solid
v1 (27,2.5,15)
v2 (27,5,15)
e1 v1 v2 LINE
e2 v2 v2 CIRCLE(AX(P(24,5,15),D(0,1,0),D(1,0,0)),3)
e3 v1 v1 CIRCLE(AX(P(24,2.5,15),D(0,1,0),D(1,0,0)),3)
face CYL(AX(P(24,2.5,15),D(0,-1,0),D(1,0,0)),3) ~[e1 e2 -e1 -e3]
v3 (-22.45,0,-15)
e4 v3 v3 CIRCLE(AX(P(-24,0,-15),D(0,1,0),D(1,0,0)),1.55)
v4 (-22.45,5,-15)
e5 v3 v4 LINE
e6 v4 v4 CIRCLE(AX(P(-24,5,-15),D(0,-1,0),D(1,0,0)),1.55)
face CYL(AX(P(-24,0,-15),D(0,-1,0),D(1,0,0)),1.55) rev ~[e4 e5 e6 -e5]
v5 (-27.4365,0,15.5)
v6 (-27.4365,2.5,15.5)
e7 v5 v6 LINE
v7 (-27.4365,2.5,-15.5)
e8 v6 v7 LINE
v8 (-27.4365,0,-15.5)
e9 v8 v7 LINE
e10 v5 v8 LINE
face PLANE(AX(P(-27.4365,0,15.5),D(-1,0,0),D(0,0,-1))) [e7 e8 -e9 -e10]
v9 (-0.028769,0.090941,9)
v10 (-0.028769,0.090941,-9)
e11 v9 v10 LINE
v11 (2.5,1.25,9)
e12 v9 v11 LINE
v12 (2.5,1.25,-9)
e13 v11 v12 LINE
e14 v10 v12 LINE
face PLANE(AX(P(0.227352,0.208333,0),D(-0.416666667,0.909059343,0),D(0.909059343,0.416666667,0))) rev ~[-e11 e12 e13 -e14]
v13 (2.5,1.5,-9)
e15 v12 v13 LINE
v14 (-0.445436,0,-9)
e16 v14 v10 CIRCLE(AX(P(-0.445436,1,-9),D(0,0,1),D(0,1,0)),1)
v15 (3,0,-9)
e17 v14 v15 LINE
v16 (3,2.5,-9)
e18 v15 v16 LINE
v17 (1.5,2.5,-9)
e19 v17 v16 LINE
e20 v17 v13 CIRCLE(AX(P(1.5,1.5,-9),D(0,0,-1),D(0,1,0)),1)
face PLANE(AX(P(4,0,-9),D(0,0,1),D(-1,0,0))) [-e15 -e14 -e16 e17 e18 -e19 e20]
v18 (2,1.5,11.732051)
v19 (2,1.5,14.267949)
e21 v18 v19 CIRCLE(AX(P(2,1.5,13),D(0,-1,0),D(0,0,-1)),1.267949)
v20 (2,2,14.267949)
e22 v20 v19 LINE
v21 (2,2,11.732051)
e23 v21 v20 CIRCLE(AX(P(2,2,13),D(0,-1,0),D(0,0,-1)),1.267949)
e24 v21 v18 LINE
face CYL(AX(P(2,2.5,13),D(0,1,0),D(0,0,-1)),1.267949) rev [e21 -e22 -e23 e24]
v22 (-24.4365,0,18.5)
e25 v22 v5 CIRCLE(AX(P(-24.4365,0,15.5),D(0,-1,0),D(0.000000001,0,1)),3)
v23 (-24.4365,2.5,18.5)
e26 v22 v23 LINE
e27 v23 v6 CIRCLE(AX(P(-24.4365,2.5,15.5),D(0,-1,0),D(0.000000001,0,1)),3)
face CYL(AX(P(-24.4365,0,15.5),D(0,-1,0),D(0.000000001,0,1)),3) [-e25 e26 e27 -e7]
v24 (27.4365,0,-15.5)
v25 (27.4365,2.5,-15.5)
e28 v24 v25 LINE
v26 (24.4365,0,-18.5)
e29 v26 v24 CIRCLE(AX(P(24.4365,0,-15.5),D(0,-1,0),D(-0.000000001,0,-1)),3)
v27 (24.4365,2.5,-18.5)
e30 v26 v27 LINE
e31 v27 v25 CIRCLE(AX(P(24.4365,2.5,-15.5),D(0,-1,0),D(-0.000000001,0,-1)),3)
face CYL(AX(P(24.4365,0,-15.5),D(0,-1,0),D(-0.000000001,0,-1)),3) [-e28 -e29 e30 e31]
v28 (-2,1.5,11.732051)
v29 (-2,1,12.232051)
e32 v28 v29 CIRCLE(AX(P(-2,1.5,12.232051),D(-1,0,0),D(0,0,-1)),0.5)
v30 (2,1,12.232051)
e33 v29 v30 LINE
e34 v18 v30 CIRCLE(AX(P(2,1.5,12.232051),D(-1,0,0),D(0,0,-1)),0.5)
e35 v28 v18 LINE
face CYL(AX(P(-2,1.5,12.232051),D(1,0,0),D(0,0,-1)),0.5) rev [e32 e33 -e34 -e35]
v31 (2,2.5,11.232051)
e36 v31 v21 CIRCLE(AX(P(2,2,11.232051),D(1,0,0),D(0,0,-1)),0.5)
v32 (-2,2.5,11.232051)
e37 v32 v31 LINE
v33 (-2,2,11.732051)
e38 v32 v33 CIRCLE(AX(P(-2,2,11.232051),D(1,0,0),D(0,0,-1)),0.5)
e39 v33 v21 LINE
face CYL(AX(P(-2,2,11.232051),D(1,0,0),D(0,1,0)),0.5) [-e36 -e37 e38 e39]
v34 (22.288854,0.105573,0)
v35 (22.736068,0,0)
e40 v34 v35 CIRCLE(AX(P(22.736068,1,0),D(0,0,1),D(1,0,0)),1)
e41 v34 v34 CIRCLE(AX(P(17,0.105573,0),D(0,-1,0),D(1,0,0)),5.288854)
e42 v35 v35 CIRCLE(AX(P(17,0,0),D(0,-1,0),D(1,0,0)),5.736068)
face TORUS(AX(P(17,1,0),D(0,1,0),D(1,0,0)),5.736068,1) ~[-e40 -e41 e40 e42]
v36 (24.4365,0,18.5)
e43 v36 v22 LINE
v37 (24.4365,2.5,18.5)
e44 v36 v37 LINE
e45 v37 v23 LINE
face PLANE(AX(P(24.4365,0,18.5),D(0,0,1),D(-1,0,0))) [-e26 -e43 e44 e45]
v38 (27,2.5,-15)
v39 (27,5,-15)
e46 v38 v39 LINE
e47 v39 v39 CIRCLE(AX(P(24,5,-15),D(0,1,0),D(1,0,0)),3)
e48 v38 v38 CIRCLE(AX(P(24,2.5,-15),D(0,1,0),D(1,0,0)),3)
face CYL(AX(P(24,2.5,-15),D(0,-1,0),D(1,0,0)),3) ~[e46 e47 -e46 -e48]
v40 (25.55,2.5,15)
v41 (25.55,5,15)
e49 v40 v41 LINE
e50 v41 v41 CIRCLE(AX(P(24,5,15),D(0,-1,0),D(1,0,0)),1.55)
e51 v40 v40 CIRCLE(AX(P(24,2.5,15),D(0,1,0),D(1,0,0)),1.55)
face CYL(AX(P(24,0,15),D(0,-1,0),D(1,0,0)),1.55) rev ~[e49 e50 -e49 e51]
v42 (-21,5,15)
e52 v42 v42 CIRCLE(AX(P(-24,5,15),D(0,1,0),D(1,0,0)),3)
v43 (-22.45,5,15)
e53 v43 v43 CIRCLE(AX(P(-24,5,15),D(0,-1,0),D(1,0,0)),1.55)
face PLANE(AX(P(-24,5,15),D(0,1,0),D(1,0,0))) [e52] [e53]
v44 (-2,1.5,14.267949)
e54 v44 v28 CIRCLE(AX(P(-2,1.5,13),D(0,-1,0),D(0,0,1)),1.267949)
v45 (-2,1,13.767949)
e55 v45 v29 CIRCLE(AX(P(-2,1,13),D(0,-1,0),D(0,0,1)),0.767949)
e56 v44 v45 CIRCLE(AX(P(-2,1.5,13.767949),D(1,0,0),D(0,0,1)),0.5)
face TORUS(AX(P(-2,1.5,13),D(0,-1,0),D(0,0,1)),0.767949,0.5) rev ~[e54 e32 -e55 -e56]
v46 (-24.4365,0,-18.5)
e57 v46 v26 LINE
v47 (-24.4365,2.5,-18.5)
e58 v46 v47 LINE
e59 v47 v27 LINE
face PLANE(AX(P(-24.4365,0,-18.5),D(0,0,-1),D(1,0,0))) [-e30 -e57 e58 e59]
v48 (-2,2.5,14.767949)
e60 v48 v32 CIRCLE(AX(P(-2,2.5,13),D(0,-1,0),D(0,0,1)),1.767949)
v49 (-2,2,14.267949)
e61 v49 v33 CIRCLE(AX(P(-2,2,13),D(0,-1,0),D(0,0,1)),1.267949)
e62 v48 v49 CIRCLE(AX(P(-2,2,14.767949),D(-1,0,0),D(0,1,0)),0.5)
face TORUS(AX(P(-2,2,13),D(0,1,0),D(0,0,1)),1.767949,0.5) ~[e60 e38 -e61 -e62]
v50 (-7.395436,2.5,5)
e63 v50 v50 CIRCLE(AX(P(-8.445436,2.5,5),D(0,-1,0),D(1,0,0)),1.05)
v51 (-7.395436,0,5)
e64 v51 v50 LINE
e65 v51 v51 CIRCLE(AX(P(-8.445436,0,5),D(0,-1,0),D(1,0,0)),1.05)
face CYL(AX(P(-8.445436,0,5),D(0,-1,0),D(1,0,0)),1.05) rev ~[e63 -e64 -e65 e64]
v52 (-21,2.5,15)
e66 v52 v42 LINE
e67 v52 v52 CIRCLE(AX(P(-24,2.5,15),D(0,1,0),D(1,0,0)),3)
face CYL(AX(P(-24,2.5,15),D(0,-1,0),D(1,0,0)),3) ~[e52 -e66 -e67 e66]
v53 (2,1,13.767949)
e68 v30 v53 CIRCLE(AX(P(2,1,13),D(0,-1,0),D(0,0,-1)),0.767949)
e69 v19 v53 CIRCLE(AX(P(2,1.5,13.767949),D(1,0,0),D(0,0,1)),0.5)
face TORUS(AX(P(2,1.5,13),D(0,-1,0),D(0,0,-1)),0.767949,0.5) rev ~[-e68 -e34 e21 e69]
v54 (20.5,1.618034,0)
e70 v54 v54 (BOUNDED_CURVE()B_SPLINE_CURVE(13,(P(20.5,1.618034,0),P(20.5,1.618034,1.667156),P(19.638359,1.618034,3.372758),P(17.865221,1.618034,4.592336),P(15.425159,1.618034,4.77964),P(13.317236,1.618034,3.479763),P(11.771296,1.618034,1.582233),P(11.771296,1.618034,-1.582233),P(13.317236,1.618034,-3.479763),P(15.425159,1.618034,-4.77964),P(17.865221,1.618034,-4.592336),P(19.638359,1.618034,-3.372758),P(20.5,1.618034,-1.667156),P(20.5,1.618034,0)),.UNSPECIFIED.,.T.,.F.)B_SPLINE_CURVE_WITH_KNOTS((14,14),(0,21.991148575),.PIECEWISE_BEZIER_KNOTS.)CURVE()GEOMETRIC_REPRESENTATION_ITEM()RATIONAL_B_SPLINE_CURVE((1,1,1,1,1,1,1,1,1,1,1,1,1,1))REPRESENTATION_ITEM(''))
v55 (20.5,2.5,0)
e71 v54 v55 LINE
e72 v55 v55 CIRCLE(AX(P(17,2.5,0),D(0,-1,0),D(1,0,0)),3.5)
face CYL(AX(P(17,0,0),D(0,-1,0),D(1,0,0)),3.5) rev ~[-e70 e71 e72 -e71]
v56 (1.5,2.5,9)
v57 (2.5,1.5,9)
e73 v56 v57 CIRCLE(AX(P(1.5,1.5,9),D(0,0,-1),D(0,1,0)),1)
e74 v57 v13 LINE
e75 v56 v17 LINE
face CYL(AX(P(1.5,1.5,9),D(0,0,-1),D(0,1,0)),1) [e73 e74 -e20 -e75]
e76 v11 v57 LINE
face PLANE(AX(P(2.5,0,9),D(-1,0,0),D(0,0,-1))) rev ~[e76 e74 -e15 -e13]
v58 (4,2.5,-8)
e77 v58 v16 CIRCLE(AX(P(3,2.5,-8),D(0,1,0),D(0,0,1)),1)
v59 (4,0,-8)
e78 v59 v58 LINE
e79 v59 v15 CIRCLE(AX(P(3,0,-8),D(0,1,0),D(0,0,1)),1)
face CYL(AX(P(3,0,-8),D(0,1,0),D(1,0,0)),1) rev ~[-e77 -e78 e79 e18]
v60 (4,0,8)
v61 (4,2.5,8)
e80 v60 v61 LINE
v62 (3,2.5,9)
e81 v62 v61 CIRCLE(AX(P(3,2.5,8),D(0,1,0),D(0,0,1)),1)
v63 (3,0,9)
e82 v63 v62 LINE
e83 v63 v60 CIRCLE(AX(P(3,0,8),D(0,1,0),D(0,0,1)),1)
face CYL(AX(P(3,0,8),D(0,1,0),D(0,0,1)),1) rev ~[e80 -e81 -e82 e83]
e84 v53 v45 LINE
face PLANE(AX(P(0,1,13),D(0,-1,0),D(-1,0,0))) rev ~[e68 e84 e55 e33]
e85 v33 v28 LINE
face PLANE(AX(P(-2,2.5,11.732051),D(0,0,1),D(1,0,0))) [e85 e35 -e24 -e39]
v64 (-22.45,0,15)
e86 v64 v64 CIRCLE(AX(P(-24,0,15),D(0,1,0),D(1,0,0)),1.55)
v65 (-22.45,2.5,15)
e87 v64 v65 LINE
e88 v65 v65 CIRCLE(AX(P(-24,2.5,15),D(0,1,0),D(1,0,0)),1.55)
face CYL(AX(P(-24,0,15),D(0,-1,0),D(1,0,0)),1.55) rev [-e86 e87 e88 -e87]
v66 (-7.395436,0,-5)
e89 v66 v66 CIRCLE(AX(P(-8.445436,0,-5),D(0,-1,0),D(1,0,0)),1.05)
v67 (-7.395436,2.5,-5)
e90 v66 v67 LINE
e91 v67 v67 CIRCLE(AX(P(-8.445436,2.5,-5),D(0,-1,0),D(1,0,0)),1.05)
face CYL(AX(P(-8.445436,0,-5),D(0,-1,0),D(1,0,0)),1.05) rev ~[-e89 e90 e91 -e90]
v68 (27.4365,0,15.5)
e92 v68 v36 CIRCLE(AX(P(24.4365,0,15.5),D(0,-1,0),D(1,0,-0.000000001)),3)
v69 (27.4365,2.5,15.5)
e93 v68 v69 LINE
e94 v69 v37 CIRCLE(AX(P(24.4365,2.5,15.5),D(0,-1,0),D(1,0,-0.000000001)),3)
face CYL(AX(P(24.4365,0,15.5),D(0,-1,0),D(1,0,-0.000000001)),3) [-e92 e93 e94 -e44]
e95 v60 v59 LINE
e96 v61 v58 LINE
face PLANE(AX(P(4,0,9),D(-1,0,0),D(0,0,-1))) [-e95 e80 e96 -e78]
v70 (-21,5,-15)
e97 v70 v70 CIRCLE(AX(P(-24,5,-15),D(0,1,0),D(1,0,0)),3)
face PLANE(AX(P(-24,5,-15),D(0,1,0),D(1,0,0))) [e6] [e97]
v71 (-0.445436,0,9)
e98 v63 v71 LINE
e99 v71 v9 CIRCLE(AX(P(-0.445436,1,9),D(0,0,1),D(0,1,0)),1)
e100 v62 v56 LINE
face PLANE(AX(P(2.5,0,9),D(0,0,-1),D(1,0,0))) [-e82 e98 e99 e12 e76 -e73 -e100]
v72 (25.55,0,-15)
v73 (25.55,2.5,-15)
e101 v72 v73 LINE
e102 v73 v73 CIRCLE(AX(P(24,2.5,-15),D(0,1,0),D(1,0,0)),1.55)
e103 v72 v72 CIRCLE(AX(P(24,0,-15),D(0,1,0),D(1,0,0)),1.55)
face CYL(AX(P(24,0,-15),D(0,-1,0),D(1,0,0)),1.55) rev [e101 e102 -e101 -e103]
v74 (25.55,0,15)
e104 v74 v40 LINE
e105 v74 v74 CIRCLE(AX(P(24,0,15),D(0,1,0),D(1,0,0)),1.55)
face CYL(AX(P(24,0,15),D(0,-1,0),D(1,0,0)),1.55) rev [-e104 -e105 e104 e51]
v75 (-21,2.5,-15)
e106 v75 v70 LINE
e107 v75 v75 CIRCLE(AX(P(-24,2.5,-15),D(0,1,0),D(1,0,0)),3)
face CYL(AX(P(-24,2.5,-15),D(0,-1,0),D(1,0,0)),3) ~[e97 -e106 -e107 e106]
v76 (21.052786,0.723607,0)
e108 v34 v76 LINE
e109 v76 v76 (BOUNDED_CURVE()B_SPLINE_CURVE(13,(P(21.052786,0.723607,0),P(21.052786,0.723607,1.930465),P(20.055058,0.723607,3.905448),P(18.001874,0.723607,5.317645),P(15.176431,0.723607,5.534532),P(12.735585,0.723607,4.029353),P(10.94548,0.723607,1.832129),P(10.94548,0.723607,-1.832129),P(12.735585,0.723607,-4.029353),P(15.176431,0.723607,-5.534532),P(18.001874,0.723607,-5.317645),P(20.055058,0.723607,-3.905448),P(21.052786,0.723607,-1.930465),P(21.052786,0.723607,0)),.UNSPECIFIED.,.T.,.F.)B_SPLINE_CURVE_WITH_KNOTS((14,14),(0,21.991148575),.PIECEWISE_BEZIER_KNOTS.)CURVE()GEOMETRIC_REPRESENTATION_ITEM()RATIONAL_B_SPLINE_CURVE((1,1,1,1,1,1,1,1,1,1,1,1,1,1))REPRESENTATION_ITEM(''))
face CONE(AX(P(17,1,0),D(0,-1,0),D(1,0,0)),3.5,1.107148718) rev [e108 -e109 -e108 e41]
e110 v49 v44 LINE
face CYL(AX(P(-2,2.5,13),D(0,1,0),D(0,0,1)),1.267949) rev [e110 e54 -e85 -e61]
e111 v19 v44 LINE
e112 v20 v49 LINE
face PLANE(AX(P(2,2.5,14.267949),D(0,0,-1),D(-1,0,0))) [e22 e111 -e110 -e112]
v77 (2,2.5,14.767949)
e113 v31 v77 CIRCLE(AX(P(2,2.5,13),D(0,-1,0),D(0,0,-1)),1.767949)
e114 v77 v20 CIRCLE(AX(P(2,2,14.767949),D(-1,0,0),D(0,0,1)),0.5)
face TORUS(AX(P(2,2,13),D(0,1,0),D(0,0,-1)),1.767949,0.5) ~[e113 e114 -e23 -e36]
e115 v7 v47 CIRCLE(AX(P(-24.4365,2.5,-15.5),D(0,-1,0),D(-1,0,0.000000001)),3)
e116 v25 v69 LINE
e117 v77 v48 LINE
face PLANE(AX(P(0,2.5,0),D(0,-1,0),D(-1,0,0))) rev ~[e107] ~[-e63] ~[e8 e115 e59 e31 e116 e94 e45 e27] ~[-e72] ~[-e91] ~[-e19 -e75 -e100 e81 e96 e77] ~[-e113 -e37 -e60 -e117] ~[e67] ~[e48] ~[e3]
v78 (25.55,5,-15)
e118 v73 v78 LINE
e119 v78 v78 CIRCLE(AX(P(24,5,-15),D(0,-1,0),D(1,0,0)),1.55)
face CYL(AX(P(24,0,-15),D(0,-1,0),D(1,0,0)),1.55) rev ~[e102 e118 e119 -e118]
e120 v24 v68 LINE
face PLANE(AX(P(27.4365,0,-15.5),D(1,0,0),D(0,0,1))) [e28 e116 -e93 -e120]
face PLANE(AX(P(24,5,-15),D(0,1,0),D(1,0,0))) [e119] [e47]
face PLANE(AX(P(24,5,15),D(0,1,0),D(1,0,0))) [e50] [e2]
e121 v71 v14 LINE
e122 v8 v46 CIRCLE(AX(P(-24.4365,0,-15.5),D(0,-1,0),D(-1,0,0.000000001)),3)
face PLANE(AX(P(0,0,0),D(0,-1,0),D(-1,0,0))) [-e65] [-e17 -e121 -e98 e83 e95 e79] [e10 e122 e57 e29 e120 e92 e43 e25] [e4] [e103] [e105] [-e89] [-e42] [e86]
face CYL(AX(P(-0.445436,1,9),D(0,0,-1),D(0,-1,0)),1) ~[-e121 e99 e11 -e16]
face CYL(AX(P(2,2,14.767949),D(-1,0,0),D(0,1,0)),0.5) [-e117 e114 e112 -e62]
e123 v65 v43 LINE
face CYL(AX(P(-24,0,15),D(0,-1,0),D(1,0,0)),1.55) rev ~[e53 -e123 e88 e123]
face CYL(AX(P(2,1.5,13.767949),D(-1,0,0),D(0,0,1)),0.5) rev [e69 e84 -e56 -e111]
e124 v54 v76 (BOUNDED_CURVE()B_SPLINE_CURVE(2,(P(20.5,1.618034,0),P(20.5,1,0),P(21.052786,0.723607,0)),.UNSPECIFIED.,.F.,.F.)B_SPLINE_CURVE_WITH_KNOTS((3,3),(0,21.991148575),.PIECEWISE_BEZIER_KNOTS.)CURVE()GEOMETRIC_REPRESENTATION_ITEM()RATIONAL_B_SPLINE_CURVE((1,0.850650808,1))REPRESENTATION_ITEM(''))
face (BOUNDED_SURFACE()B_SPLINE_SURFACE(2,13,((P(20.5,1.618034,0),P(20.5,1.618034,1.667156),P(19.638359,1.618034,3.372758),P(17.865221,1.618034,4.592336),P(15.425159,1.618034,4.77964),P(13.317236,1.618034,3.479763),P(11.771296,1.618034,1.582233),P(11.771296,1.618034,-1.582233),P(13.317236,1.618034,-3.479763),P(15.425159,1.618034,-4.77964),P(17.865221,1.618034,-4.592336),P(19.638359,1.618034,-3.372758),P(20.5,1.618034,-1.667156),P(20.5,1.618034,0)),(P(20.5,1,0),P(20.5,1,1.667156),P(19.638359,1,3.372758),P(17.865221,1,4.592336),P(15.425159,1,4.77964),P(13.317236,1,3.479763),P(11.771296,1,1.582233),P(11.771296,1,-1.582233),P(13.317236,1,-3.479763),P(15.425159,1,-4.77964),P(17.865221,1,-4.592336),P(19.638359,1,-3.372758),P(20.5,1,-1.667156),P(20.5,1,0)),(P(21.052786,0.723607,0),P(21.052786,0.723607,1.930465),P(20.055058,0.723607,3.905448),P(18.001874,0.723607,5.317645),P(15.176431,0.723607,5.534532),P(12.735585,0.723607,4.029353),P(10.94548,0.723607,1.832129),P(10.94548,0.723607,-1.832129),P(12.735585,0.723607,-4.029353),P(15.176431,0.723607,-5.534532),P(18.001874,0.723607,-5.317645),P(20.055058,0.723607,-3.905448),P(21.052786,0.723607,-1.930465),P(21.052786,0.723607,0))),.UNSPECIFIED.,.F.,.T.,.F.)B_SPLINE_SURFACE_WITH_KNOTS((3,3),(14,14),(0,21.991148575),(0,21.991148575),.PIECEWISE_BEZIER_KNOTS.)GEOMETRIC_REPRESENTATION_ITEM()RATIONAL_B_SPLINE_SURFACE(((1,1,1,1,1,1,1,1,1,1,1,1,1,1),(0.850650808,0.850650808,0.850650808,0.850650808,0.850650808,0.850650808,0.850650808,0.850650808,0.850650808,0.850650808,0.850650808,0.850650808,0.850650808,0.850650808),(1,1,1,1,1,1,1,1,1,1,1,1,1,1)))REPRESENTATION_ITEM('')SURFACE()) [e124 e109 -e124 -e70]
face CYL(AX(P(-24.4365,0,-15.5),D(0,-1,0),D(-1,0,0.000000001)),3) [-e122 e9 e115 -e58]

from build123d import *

# Parameters (mm, degrees)
SKETCH_1_R           = 1.55
EXTRUDE_1_DEPTH      = 2.5
SKETCH_2_R           = 3
EXTRUDE_2_DEPTH      = 2.5
SKETCH_3_R           = 1.55
CUT_EXTRUDE_1_DEPTH  = 34.466573357
SKETCH_5_R           = 3.5
CUT_EXTRUDE_3_DEPTH  = 34.466573357
CUT_EXTRUDE_6_DEPTH  = 1.5
FILLET_4_R           = 0.5
CHAMFER_1_SIZE       = 2
CHAMFER_1_SIZE2      = 1
FILLET_5_R           = 1
CUT_EXTRUDE_7_DEPTH  = 34.466573357
SKETCH_20_W          = 5
SKETCH_20_H          = 18
CUT_EXTRUDE_10_DEPTH = 34.486179612
FILLET_9_R           = 1
SKETCH_23_R          = 1.05
CUT_EXTRUDE_11_DEPTH = 34.466573357
FILLET_10_R          = 1


with BuildPart() as part:
    # 草图1 → 凸台-拉伸1 (new body)
    with BuildSketch(Plane(origin=(0, 0, 0), x_dir=(1, 0, 0), z_dir=(0, 1, 0))):
        with BuildLine():
            Line((-27.4365, 0), (-27.4365, 15.5))
            ThreePointArc((-27.4365, 15.5), (-26.557820344, 17.621320344), (-24.4365, 18.5))
            Line((-24.4365, 18.5), (0, 18.5))
            Line((0, 18.5), (24.4365, 18.5))
            ThreePointArc((24.4365, 18.5), (26.557820344, 17.621320344), (27.4365, 15.5))
            Line((27.4365, 15.5), (27.4365, 0))
            Line((27.4365, 0), (27.4365, -15.5))
            ThreePointArc((27.4365, -15.5), (26.557820344, -17.621320344), (24.4365, -18.5))
            Line((24.4365, -18.5), (0, -18.5))
            Line((0, -18.5), (-24.4365, -18.5))
            ThreePointArc((-24.4365, -18.5), (-26.557820344, -17.621320344), (-27.4365, -15.5))
            Line((-27.4365, -15.5), (-27.4365, 0))
        make_face()
        with Locations((-24, 15)):
            Circle(SKETCH_1_R, mode=Mode.SUBTRACT)
        with Locations((24, 15)):
            Circle(SKETCH_1_R, mode=Mode.SUBTRACT)
        with Locations((24, -15)):
            Circle(SKETCH_1_R, mode=Mode.SUBTRACT)
        with Locations((-24, -15)):
            Circle(SKETCH_1_R, mode=Mode.SUBTRACT)
    extrude(amount=EXTRUDE_1_DEPTH)

    # 草图2 → 凸台-拉伸2 (add)
    with BuildSketch(Plane(origin=(0, 2.5, 0), x_dir=(1, 0, 0), z_dir=(0, 1, 0))):
        with Locations((-24, 15)):
            Circle(SKETCH_2_R)
        with Locations((24, 15)):
            Circle(SKETCH_2_R)
        with Locations((-24, -15)):
            Circle(SKETCH_2_R)
        with Locations((24, -15)):
            Circle(SKETCH_2_R)
    extrude(amount=EXTRUDE_2_DEPTH)

    # 草图3 → 切除-拉伸1 (cut, through all)
    with BuildSketch(Plane.XZ):
        with Locations((-24, 15)):
            Circle(SKETCH_3_R)
        with Locations((24, 15)):
            Circle(SKETCH_3_R)
        with Locations((-24, -15)):
            Circle(SKETCH_3_R)
        with Locations((24, -15)):
            Circle(SKETCH_3_R)
    extrude(amount=-CUT_EXTRUDE_1_DEPTH, mode=Mode.SUBTRACT)

    # 草图5 → 切除-拉伸3 (cut, through all)
    with BuildSketch(Plane.XZ):
        with Locations((17, 0)):
            Circle(SKETCH_5_R)
    extrude(amount=-CUT_EXTRUDE_3_DEPTH, mode=Mode.SUBTRACT)

    # 草图9 → 切除-拉伸6 (cut)
    with BuildSketch(Plane(origin=(0, 2.5, 0), x_dir=(1, 0, 0), z_dir=(0, 1, 0))):
        with BuildLine():
            Line((-2, -11.732050808), (2, -11.732050808))
            ThreePointArc((2, -11.732050808), (3.267949192, -13), (2, -14.267949192))
            Line((2, -14.267949192), (-2, -14.267949192))
            ThreePointArc((-2, -14.267949192), (-3.267949192, -13), (-2, -11.732050808))
        make_face()
    extrude(amount=-CUT_EXTRUDE_6_DEPTH, mode=Mode.SUBTRACT)

    # 圆角4
    fillet_4_edges = [part.edges().sort_by_distance(p)[0] for p in [
        (0, 1, 14.267949192),
        (-3.267949192, 1, 13),
        (0, 1, 11.732050808),
        (3.267949192, 1, 13),
        (3.267949192, 2.5, 13),
        (0, 2.5, 14.267949192),
        (-3.267949192, 2.5, 13),
        (0, 2.5, 11.732050808),
    ]]
    fillet(fillet_4_edges, radius=FILLET_4_R)

    # 倒角1
    chamfer_1_edges = [part.edges().sort_by_distance(p)[0] for p in [
        (13.5, 0, 0),
    ]]
    chamfer_1_side = [part.faces().sort_by_distance(p)[0] for p in [
        (-0.334836292, 0, 0),
    ]]
    chamfer(chamfer_1_edges, length=CHAMFER_1_SIZE, length2=CHAMFER_1_SIZE2, reference=chamfer_1_side[0])

    # 圆角5
    fillet_5_edges = [part.edges().sort_by_distance(p)[0] for p in [
        (13.5, 1, 0),
        (11.5, 0, 0),
    ]]
    fillet(fillet_5_edges, radius=FILLET_5_R)

    # 草图10 → 切除-拉伸7 (cut, through all)
    with BuildSketch(Plane.XZ):
        Polygon((2.5, 0), (2.5, 9), (4, 9), (4, -9), (2.5, -9), align=None)
    extrude(amount=-CUT_EXTRUDE_7_DEPTH, mode=Mode.SUBTRACT)

    # 草图20 → 切除-拉伸10 (cut, through all)
    with BuildSketch(Plane(origin=(-0.03944063, 0.086049296, 0), x_dir=(0.9090593428863095, 0.41666666666666674, 0), z_dir=(-0.4166666666666668, 0.9090593428863096, 0))):
        with Locations((0.293481691, 0)):
            Rectangle(SKETCH_20_W, SKETCH_20_H)
    extrude(amount=-CUT_EXTRUDE_10_DEPTH, mode=Mode.SUBTRACT)

    # 圆角9
    fillet_9_edges = [part.edges().sort_by_distance(p)[0] for p in [
        (-0.227178029, 0, 0),
        (2.5, 2.5, 0),
    ]]
    fillet(fillet_9_edges, radius=FILLET_9_R)

    # 草图23 → 切除-拉伸11 (cut, through all)
    with BuildSketch(Plane.XZ):
        with Locations((-8.445435606, 5)):
            Circle(SKETCH_23_R)
        with Locations((-8.445435606, -5)):
            Circle(SKETCH_23_R)
    extrude(amount=-CUT_EXTRUDE_11_DEPTH, mode=Mode.SUBTRACT)

    # 圆角10
    fillet_10_edges = [part.edges().sort_by_distance(p)[0] for p in [
        (4, 1.25, -9),
        (4, 1.25, 9),
    ]]
    fillet(fillet_10_edges, radius=FILLET_10_R)


solid = part.part
